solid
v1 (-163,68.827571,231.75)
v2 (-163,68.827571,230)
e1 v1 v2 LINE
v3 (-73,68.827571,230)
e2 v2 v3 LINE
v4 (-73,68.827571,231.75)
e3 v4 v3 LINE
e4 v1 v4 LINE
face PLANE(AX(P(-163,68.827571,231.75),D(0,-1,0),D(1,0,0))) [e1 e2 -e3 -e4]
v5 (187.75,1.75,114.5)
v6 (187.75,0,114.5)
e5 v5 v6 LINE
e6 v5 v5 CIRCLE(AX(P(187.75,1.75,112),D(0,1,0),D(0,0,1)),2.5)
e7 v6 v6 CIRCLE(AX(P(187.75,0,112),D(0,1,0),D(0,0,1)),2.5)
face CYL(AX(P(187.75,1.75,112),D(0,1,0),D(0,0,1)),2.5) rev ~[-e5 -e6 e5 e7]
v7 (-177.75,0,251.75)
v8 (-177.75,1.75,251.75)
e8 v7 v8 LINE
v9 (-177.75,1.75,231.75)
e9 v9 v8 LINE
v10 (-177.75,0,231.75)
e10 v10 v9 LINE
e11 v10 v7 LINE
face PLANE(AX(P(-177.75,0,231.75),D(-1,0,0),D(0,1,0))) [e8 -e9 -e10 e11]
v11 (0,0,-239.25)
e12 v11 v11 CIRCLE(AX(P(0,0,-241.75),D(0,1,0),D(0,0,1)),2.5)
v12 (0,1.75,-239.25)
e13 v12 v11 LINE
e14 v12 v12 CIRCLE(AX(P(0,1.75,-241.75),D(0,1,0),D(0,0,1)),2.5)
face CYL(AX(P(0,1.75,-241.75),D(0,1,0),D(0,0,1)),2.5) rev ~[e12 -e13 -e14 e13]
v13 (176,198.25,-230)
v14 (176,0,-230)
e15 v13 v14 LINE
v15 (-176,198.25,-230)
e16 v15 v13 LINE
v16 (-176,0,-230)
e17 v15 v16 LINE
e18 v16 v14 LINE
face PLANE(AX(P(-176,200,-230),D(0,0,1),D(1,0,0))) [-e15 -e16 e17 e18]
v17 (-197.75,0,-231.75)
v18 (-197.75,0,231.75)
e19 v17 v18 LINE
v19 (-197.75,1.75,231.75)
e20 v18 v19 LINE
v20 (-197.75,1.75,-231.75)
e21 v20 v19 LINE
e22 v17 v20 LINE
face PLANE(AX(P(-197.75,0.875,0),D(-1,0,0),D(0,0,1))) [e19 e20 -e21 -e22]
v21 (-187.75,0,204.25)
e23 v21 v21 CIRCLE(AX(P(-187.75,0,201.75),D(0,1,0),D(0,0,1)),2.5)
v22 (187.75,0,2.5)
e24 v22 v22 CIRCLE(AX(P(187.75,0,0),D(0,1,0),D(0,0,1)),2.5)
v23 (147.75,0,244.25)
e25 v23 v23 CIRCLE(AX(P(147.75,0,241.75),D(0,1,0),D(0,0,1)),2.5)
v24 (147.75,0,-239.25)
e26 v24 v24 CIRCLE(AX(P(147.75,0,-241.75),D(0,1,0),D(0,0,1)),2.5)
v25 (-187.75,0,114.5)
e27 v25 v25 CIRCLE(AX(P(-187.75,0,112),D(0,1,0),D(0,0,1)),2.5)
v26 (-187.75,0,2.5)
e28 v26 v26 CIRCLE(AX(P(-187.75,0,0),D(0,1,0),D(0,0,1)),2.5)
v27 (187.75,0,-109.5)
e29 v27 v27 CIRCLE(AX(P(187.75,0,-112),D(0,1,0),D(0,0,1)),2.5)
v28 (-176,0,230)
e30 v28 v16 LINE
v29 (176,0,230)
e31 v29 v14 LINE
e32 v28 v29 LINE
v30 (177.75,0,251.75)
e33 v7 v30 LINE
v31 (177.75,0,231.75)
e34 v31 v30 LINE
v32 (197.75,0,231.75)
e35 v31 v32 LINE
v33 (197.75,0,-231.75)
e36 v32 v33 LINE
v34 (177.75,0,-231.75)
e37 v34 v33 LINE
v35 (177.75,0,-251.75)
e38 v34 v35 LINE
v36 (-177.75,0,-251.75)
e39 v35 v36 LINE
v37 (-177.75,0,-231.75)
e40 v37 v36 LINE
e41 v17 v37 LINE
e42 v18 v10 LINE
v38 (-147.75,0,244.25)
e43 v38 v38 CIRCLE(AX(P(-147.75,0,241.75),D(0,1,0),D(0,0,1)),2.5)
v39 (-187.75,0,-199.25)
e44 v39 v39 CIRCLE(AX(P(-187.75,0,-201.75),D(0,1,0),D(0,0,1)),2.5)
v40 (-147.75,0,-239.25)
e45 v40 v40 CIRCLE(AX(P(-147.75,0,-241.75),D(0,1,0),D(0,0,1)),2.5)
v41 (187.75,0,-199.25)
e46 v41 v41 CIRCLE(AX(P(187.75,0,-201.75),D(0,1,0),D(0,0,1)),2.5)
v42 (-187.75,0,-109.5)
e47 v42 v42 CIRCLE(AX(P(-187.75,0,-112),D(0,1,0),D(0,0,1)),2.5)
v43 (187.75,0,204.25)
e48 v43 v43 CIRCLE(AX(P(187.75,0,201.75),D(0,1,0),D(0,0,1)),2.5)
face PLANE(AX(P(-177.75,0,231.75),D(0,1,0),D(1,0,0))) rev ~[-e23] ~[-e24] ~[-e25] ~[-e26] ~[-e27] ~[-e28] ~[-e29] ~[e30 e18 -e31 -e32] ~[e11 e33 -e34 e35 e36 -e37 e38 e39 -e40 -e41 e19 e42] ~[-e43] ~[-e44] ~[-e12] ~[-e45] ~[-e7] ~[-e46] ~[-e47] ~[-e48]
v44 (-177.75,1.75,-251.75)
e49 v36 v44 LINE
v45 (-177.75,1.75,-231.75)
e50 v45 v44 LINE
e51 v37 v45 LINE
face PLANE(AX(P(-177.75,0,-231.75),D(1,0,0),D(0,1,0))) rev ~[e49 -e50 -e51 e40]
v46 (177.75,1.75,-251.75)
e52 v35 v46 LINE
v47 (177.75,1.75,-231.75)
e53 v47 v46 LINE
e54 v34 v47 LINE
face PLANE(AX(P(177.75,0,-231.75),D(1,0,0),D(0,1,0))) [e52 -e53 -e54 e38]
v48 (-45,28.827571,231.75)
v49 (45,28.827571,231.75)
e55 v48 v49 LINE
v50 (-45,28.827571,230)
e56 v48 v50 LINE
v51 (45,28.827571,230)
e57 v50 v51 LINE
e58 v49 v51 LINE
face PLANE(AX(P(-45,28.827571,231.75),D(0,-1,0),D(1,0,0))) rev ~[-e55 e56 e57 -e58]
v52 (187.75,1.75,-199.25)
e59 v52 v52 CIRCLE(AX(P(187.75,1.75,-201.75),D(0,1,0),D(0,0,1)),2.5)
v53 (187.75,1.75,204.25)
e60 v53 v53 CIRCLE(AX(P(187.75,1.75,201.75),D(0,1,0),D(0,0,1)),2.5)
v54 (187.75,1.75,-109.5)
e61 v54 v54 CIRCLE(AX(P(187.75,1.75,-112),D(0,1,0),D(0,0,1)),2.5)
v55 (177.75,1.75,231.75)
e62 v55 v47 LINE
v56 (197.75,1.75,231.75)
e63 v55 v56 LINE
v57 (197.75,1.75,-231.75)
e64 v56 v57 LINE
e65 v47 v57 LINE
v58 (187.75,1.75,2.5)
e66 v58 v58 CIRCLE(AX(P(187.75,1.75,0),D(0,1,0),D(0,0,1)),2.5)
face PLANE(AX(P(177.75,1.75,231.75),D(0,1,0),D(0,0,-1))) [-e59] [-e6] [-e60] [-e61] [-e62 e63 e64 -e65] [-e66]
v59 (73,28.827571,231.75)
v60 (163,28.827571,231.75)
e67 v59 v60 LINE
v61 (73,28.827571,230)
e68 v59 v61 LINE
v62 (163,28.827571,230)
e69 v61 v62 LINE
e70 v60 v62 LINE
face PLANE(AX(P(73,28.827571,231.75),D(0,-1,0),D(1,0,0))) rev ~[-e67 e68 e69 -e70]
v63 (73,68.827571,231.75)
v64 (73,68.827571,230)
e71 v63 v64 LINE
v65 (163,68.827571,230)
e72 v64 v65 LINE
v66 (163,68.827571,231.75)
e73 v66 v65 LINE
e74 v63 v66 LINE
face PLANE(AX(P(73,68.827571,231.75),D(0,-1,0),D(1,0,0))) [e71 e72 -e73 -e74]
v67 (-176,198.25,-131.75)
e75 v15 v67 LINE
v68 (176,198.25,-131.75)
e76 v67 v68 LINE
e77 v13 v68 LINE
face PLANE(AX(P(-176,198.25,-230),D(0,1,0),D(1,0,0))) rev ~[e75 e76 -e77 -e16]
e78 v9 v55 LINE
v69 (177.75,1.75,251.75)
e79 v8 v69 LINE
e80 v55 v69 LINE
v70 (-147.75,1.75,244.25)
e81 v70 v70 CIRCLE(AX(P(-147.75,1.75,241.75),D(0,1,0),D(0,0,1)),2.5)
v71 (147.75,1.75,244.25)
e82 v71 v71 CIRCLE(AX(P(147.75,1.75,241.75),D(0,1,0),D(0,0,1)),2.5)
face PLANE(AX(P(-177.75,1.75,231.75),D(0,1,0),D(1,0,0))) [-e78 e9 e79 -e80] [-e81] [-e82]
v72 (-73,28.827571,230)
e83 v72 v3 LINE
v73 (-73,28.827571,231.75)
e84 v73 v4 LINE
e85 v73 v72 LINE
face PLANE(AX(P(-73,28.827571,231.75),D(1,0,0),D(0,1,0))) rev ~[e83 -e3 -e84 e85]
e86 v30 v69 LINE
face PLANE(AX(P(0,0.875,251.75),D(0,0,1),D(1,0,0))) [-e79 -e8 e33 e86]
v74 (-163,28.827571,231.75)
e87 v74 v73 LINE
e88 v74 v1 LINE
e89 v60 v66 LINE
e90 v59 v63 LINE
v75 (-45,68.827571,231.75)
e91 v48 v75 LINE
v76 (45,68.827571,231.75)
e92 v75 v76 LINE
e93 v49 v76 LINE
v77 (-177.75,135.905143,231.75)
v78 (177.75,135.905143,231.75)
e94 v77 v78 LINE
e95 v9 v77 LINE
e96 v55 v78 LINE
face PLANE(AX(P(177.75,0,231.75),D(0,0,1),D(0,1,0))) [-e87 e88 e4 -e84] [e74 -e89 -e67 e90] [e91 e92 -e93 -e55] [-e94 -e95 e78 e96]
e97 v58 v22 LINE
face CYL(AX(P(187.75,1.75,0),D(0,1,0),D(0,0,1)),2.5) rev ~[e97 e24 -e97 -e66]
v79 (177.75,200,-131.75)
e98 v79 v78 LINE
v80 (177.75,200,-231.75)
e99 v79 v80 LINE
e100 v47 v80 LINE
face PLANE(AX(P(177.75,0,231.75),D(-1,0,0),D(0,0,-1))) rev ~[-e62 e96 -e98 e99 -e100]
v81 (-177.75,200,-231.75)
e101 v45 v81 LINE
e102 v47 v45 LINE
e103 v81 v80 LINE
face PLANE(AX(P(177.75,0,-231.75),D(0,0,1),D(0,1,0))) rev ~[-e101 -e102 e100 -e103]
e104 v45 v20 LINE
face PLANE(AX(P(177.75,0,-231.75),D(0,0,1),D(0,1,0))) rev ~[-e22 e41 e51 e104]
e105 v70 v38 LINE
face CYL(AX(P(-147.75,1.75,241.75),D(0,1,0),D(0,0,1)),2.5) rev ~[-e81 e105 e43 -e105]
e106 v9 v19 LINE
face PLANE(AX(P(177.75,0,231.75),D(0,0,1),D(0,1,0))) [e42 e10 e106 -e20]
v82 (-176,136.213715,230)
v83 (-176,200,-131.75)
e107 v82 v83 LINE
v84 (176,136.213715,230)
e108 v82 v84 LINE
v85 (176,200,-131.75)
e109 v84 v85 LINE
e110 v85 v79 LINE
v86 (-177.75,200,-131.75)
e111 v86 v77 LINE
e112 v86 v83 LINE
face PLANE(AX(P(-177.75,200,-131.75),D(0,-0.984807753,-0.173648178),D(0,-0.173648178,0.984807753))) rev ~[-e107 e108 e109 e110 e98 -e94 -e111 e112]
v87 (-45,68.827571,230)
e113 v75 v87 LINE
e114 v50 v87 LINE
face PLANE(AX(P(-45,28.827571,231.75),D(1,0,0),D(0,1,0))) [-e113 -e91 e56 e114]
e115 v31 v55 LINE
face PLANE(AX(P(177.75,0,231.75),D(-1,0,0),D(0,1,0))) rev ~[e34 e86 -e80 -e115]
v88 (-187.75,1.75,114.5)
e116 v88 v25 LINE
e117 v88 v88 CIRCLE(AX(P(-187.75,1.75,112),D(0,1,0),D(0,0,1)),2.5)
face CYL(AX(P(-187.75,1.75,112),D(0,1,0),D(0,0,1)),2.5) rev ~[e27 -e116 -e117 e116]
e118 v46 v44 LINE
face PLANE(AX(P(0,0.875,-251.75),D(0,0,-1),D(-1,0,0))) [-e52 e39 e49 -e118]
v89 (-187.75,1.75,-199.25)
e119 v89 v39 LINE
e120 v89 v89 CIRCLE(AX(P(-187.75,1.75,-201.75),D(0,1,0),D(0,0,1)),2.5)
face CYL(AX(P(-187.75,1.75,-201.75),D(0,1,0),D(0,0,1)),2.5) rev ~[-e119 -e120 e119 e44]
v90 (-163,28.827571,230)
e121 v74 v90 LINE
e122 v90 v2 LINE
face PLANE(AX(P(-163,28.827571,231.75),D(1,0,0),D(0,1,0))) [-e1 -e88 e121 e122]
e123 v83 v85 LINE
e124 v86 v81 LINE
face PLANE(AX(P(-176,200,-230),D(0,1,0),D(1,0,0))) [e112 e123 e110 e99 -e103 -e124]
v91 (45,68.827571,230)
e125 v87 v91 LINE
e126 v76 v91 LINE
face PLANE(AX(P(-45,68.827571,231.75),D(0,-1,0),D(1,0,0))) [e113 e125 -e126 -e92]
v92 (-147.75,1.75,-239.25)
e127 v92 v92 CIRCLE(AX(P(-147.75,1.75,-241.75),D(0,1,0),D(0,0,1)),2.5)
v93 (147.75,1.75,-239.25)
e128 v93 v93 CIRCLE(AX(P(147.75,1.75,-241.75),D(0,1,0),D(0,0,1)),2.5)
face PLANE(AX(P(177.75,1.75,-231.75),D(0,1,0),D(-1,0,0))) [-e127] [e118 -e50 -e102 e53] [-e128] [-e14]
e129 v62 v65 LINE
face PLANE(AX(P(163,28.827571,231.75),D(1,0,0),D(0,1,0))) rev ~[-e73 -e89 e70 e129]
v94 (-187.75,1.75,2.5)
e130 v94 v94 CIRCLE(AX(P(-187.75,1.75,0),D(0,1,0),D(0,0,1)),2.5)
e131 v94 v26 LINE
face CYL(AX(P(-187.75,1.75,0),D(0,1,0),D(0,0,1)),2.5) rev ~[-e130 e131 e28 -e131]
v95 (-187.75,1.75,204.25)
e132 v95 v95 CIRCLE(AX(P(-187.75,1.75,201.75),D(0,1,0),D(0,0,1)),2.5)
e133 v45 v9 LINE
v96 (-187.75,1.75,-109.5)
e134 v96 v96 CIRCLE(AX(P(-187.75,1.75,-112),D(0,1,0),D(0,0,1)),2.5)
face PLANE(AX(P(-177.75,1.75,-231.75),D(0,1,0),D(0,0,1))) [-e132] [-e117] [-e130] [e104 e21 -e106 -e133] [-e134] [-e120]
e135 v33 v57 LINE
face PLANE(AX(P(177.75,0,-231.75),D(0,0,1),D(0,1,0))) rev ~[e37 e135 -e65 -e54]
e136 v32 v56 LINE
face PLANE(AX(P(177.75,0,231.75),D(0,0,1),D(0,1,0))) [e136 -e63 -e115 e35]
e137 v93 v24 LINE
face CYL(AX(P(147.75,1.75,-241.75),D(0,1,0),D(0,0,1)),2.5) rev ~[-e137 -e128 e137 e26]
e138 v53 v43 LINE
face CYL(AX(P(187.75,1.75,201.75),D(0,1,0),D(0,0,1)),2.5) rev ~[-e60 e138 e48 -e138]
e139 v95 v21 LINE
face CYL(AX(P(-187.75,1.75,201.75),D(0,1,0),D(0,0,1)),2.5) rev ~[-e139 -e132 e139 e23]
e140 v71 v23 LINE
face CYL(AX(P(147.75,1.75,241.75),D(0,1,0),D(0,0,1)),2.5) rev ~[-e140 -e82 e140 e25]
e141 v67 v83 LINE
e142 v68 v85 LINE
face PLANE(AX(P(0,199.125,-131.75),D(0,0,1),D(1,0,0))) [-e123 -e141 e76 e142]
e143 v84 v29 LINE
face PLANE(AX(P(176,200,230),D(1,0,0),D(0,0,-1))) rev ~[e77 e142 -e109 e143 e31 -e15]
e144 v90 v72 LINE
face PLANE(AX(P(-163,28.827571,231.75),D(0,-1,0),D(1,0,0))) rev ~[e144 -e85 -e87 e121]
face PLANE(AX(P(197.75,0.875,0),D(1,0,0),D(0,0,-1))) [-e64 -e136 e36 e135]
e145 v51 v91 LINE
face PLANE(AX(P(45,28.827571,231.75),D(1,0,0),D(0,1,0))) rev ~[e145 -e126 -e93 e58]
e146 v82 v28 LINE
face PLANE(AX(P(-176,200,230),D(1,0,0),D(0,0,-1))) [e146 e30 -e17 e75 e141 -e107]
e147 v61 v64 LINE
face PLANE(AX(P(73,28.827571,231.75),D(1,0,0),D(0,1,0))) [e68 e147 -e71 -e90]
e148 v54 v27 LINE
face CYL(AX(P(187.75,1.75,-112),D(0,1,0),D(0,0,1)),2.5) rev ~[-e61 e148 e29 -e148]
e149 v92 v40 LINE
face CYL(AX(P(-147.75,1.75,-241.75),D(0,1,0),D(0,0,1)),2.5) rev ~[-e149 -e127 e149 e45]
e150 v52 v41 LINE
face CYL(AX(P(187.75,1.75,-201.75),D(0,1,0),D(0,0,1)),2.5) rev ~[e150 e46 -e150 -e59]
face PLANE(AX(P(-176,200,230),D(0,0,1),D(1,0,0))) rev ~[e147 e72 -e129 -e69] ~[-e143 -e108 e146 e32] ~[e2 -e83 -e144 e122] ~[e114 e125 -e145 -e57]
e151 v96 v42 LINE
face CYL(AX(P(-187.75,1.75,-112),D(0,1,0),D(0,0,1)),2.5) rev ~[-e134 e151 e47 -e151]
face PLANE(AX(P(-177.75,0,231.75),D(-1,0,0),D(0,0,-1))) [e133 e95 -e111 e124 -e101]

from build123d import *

# Parameters (mm, degrees)
CROQUIS1_W              = 355.5
CROQUIS1_H              = 463.5
SALIENTE_EXTRUIR1_DEPTH = 200
CROQUIS2_W              = 352
CROQUIS2_H              = 460
CORTAR_EXTRUIR1_DEPTH   = 300
CORTAR_EXTRUIR2_DEPTH   = 470.135707978
CROQUIS4_W              = 463.5
CROQUIS4_H              = 1.75
SALIENTE_EXTRUIR2_DEPTH = 20
CROQUIS5_W              = 463.5
CROQUIS5_H              = 1.75
SALIENTE_EXTRUIR3_DEPTH = 20
CROQUIS6_W              = 355.5
CROQUIS6_H              = 1.75
SALIENTE_EXTRUIR4_DEPTH = 20
CROQUIS7_W              = 355.5
CROQUIS7_H              = 1.75
SALIENTE_EXTRUIR5_DEPTH = 20
CROQUIS8_R              = 2.5
CORTAR_EXTRUIR3_DEPTH   = 20
CROQUIS9_W              = 90
CROQUIS9_H              = 40
CORTAR_EXTRUIR4_DEPTH   = 20
CROQUIS10_W             = 352
CROQUIS10_H             = 1.75
SALIENTE_EXTRUIR6_DEPTH = 98.25


with BuildPart() as part:
    # Croquis1 → Saliente-Extruir1 (new body)
    with BuildSketch(Plane(origin=(0, 0, 0), x_dir=(1, 0, 0), z_dir=(0, 1, 0))):
        Rectangle(CROQUIS1_W, CROQUIS1_H)
    extrude(amount=SALIENTE_EXTRUIR1_DEPTH)

    # Croquis2 → Cortar-Extruir1 (cut)
    with BuildSketch(Plane(origin=(0, 200, 0), x_dir=(1, 0, 0), z_dir=(0, 1, 0))):
        Rectangle(CROQUIS2_W, CROQUIS2_H)
    extrude(amount=-CORTAR_EXTRUIR1_DEPTH, mode=Mode.SUBTRACT)

    # Croquis3 → Cortar-Extruir2 (cut, through all)
    with BuildSketch(Plane.ZY.offset(177.75)):
        Polygon((-131.75, 200), (231.75, 135.905142512), (231.75, 200), align=None)
    extrude(amount=-CORTAR_EXTRUIR2_DEPTH, mode=Mode.SUBTRACT)

    # Croquis4 → Saliente-Extruir2 (add)
    with BuildSketch(Plane.ZY.offset(177.75)):
        with Locations((0, 0.875)):
            Rectangle(CROQUIS4_W, CROQUIS4_H)
    extrude(amount=SALIENTE_EXTRUIR2_DEPTH)

    # Croquis5 → Saliente-Extruir3 (add)
    with BuildSketch(Plane(origin=(177.75, 0, 0), x_dir=(0, 0, -1), z_dir=(1, 0, 0))):
        with Locations((0, 0.875)):
            Rectangle(CROQUIS5_W, CROQUIS5_H)
    extrude(amount=SALIENTE_EXTRUIR3_DEPTH)

    # Croquis6 → Saliente-Extruir4 (add)
    with BuildSketch(Plane(origin=(0, 0, -231.75), x_dir=(-1, 0, 0), z_dir=(0, 0, -1))):
        with Locations((0, 0.875)):
            Rectangle(CROQUIS6_W, CROQUIS6_H)
    extrude(amount=SALIENTE_EXTRUIR4_DEPTH)

    # Croquis7 → Saliente-Extruir5 (add)
    with BuildSketch(Plane.XY.offset(231.75)):
        with Locations((0, 0.875)):
            Rectangle(CROQUIS7_W, CROQUIS7_H)
    extrude(amount=SALIENTE_EXTRUIR5_DEPTH)

    # Croquis8 → Cortar-Extruir3 (cut)
    with BuildSketch(Plane(origin=(0, 1.75, 0), x_dir=(1, 0, 0), z_dir=(0, 1, 0))):
        with Locations(Location((-187.75, 201.75, 0), (0, 0, 270))):
            Circle(CROQUIS8_R)
        with Locations(Location((-187.75, 0, 0), (0, 0, 270))):
            Circle(CROQUIS8_R)
        with Locations(Location((-187.75, 112, 0), (0, 0, 270))):
            Circle(CROQUIS8_R)
        with Locations(Location((187.75, 201.75, 0), (0, 0, 270))):
            Circle(CROQUIS8_R)
        with Locations(Location((187.75, 112, 0), (0, 0, 270))):
            Circle(CROQUIS8_R)
        with Locations(Location((187.75, 0, 0), (0, 0, 270))):
            Circle(CROQUIS8_R)
        with Locations(Location((-187.75, -201.75, 0), (0, 0, 270))):
            Circle(CROQUIS8_R)
        with Locations(Location((-187.75, -112, 0), (0, 0, 270))):
            Circle(CROQUIS8_R)
        with Locations(Location((187.75, -112, 0), (0, 0, 270))):
            Circle(CROQUIS8_R)
        with Locations(Location((187.75, -201.75, 0), (0, 0, 270))):
            Circle(CROQUIS8_R)
        with Locations(Location((0, 241.75, 0), (0, 0, 270))):
            Circle(CROQUIS8_R)
        with Locations(Location((147.75, 241.75, 0), (0, 0, 270))):
            Circle(CROQUIS8_R)
        with Locations(Location((-147.75, 241.75, 0), (0, 0, 270))):
            Circle(CROQUIS8_R)
        with Locations(Location((147.75, -241.75, 0), (0, 0, 270))):
            Circle(CROQUIS8_R)
        with Locations(Location((-147.75, -241.75, 0), (0, 0, 270))):
            Circle(CROQUIS8_R)
    extrude(amount=-CORTAR_EXTRUIR3_DEPTH, mode=Mode.SUBTRACT)

    # Croquis9 → Cortar-Extruir4 (cut)
    with BuildSketch(Plane.XY.offset(231.75)):
        with Locations((118, 48.827571256)):
            Rectangle(CROQUIS9_W, CROQUIS9_H)
        with Locations((0, 48.827571256)):
            Rectangle(CROQUIS9_W, CROQUIS9_H)
        with Locations((-118, 48.827571256)):
            Rectangle(CROQUIS9_W, CROQUIS9_H)
    extrude(amount=-CORTAR_EXTRUIR4_DEPTH, mode=Mode.SUBTRACT)

    # Croquis10 → Saliente-Extruir6 (add)
    with BuildSketch(Plane.XY.offset(-230)):
        with Locations((0, 199.125)):
            Rectangle(CROQUIS10_W, CROQUIS10_H)
    extrude(amount=SALIENTE_EXTRUIR6_DEPTH)


solid = part.part
